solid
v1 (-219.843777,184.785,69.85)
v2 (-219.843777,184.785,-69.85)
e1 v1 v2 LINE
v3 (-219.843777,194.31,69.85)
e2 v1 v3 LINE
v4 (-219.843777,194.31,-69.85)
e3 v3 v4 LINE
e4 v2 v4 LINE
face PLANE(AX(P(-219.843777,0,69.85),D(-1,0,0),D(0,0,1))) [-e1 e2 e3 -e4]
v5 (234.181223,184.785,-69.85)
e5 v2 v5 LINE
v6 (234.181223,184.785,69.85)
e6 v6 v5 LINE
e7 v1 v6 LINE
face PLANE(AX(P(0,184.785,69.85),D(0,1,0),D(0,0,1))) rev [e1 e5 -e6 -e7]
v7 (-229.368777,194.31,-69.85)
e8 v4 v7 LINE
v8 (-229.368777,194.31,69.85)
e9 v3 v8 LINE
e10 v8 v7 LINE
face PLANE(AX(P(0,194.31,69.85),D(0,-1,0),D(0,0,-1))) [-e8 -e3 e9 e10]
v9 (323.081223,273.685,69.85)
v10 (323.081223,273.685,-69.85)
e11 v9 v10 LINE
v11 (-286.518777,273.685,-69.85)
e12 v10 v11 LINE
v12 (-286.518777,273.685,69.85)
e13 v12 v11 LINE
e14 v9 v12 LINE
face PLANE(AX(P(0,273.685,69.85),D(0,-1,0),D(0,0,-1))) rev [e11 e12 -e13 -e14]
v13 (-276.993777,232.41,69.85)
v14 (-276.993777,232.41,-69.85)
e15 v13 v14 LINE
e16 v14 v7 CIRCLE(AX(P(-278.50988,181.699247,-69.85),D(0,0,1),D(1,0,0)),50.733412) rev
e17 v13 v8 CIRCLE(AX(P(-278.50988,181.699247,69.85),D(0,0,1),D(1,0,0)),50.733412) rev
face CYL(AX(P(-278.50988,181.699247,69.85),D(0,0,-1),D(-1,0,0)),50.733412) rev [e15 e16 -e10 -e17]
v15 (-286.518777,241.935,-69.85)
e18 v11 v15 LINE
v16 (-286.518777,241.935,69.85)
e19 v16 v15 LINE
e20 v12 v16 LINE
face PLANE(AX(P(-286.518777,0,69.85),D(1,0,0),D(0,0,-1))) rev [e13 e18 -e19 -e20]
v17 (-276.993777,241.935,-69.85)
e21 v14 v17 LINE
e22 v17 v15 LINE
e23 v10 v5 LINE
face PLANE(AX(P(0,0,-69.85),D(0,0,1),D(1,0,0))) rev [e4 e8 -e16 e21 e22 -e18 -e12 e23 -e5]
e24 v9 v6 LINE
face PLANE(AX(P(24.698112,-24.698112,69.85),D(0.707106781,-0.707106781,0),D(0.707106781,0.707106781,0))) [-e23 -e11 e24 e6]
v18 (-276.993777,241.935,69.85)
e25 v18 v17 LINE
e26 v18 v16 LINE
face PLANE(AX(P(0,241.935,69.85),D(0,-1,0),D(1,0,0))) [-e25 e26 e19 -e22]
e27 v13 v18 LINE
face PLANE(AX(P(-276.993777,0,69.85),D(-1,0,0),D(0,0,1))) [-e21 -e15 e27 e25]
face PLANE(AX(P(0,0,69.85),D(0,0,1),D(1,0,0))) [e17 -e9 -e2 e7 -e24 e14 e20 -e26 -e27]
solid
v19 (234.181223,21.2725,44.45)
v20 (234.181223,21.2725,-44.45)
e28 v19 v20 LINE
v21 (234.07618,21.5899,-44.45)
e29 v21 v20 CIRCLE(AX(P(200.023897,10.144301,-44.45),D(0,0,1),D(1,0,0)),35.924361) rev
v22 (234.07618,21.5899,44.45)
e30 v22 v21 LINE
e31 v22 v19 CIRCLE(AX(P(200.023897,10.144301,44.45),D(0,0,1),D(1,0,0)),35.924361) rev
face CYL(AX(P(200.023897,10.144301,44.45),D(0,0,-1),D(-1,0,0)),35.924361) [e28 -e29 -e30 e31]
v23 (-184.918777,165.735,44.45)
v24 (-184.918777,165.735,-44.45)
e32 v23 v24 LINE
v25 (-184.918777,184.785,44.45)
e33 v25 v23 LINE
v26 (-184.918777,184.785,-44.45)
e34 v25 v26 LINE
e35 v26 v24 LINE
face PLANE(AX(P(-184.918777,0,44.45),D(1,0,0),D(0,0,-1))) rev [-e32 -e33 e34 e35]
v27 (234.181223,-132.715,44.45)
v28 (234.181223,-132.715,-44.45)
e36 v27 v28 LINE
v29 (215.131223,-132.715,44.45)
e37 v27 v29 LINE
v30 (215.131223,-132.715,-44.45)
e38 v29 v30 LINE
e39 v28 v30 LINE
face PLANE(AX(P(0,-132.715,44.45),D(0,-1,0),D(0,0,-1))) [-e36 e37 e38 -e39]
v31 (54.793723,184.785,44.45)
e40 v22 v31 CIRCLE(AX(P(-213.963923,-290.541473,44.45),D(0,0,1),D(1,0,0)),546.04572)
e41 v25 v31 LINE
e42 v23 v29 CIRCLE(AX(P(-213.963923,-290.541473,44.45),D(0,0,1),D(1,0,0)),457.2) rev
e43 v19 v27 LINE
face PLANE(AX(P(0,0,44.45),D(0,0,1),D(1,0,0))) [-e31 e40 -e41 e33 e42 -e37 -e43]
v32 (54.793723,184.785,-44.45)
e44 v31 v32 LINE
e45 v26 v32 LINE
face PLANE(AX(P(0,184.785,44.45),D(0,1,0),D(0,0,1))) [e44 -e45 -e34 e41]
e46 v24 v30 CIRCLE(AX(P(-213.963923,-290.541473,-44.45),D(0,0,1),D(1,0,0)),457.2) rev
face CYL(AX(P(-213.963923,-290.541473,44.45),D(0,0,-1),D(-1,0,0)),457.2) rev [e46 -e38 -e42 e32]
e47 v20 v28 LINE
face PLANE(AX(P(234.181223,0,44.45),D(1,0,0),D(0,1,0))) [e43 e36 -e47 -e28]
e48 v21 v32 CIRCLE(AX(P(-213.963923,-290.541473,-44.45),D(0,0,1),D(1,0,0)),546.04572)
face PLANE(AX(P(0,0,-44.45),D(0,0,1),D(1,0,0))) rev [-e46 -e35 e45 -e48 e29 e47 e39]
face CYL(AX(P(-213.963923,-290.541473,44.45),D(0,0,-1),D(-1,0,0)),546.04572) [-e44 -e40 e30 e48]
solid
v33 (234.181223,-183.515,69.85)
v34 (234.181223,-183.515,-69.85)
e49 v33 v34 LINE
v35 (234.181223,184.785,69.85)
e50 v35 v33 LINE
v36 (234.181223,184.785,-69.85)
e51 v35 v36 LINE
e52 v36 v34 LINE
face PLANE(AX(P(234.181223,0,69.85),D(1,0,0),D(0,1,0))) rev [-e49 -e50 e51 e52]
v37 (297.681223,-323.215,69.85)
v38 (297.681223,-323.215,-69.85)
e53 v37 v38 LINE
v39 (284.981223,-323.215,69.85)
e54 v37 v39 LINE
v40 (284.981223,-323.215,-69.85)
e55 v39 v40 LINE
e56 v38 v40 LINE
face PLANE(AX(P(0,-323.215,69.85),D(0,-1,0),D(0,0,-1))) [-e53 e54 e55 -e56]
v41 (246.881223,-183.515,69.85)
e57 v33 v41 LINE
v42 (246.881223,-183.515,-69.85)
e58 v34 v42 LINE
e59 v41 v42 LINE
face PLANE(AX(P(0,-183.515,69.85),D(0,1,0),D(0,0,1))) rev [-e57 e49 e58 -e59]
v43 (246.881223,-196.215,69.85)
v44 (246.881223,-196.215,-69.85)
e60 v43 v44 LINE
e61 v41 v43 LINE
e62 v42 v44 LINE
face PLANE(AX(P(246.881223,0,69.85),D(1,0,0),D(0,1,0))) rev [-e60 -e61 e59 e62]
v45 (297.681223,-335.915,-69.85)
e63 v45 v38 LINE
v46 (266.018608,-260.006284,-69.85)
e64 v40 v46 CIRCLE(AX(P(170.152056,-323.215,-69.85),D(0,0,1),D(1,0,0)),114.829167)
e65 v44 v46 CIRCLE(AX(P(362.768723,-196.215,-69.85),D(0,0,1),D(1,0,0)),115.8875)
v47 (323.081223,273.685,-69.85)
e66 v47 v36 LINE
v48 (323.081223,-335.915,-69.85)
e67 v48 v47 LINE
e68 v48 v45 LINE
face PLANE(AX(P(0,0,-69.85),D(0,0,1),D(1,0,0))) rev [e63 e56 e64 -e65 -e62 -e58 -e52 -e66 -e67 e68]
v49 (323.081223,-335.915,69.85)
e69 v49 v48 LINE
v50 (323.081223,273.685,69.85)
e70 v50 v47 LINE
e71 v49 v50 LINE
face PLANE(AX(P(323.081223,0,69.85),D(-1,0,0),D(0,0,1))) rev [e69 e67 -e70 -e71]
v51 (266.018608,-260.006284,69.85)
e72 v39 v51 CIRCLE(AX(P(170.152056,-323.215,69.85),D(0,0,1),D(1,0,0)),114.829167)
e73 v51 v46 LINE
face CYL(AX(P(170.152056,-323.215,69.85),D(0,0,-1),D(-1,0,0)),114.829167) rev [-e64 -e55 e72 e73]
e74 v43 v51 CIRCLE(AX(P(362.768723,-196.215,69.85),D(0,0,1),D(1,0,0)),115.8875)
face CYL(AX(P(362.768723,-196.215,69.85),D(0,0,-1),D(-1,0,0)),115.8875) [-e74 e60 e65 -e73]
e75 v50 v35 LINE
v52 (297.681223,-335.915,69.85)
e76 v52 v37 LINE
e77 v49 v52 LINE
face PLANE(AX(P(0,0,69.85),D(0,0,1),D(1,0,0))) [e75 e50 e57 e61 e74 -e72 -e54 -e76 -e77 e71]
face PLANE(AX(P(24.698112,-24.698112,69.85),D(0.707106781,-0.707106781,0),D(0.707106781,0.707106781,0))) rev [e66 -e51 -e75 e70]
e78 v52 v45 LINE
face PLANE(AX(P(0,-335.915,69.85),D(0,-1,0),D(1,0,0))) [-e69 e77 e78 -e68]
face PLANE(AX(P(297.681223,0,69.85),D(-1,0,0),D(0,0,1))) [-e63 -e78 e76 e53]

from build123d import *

# Parameters (mm, degrees)
BOSS_EXTRUDE1_DEPTH = 69.85
BOSS_EXTRUDE2_DEPTH = 44.45
BOSS_EXTRUDE3_DEPTH = 69.85


with BuildPart() as part:
    # Sketch1 → Boss-Extrude1 (new body, symmetric)
    with BuildSketch(Plane.XY):
        with BuildLine():
            Line((-276.993776984, 232.41), (-276.993776984, 241.935))
            Line((-276.993776984, 241.935), (-286.518776984, 241.935))
            Line((-286.518776984, 241.935), (-286.518776984, 273.685))
            Line((-286.518776984, 273.685), (323.081223016, 273.685))
            Line((323.081223016, 273.685), (234.181223016, 184.785))
            Line((234.181223016, 184.785), (-219.843776984, 184.785))
            Line((-219.843776984, 184.785), (-219.843776984, 194.31))
            Line((-219.843776984, 194.31), (-229.368776984, 194.31))
            ThreePointArc((-229.368776984, 194.31), (-246.816968561, 221.315385529), (-276.993776984, 232.41))
        make_face()
    extrude(amount=BOSS_EXTRUDE1_DEPTH, both=True)


with BuildPart() as body_2:
    # Sketch1_3 → Boss-Extrude2 (new body, symmetric)
    with BuildSketch(Plane.XY):
        with BuildLine():
            ThreePointArc((234.076180436, 21.58989956), (153.606360894, 113.262953084), (54.793723016, 184.785))
            Line((54.793723016, 184.785), (-184.918776984, 184.785))
            Line((-184.918776984, 184.785), (-184.918776984, 165.735))
            ThreePointArc((-184.918776984, 165.735), (59.424504699, 75.915356299), (215.131223016, -132.715))
            Line((215.131223016, -132.715), (234.181223016, -132.715))
            Line((234.181223016, -132.715), (234.181223016, 21.2725))
            ThreePointArc((234.181223016, 21.2725), (234.129070962, 21.431321978), (234.076180436, 21.58989956))
        make_face()
    extrude(amount=BOSS_EXTRUDE2_DEPTH, both=True)


with BuildPart() as body_3:
    # Sketch1_4 → Boss-Extrude3 (new body, symmetric)
    with BuildSketch(Plane.XY):
        with BuildLine():
            Line((323.081223016, -335.915), (323.081223016, 273.685))
            Line((323.081223016, 273.685), (234.181223016, 184.785))
            Line((234.181223016, 184.785), (234.181223016, -183.515))
            Line((234.181223016, -183.515), (246.881223016, -183.515))
            Line((246.881223016, -183.515), (246.881223016, -196.215))
            ThreePointArc((246.881223016, -196.215), (251.768629387, -229.515028089), (266.018608337, -260.006284404))
            ThreePointArc((266.018608337, -260.006284404), (280.138450492, -290.219081757), (284.981223016, -323.215))
            Line((284.981223016, -323.215), (297.681223016, -323.215))
            Line((297.681223016, -323.215), (297.681223016, -335.915))
            Line((297.681223016, -335.915), (323.081223016, -335.915))
        make_face()
    extrude(amount=BOSS_EXTRUDE3_DEPTH, both=True)


solid = Compound([part.part, body_2.part, body_3.part])
